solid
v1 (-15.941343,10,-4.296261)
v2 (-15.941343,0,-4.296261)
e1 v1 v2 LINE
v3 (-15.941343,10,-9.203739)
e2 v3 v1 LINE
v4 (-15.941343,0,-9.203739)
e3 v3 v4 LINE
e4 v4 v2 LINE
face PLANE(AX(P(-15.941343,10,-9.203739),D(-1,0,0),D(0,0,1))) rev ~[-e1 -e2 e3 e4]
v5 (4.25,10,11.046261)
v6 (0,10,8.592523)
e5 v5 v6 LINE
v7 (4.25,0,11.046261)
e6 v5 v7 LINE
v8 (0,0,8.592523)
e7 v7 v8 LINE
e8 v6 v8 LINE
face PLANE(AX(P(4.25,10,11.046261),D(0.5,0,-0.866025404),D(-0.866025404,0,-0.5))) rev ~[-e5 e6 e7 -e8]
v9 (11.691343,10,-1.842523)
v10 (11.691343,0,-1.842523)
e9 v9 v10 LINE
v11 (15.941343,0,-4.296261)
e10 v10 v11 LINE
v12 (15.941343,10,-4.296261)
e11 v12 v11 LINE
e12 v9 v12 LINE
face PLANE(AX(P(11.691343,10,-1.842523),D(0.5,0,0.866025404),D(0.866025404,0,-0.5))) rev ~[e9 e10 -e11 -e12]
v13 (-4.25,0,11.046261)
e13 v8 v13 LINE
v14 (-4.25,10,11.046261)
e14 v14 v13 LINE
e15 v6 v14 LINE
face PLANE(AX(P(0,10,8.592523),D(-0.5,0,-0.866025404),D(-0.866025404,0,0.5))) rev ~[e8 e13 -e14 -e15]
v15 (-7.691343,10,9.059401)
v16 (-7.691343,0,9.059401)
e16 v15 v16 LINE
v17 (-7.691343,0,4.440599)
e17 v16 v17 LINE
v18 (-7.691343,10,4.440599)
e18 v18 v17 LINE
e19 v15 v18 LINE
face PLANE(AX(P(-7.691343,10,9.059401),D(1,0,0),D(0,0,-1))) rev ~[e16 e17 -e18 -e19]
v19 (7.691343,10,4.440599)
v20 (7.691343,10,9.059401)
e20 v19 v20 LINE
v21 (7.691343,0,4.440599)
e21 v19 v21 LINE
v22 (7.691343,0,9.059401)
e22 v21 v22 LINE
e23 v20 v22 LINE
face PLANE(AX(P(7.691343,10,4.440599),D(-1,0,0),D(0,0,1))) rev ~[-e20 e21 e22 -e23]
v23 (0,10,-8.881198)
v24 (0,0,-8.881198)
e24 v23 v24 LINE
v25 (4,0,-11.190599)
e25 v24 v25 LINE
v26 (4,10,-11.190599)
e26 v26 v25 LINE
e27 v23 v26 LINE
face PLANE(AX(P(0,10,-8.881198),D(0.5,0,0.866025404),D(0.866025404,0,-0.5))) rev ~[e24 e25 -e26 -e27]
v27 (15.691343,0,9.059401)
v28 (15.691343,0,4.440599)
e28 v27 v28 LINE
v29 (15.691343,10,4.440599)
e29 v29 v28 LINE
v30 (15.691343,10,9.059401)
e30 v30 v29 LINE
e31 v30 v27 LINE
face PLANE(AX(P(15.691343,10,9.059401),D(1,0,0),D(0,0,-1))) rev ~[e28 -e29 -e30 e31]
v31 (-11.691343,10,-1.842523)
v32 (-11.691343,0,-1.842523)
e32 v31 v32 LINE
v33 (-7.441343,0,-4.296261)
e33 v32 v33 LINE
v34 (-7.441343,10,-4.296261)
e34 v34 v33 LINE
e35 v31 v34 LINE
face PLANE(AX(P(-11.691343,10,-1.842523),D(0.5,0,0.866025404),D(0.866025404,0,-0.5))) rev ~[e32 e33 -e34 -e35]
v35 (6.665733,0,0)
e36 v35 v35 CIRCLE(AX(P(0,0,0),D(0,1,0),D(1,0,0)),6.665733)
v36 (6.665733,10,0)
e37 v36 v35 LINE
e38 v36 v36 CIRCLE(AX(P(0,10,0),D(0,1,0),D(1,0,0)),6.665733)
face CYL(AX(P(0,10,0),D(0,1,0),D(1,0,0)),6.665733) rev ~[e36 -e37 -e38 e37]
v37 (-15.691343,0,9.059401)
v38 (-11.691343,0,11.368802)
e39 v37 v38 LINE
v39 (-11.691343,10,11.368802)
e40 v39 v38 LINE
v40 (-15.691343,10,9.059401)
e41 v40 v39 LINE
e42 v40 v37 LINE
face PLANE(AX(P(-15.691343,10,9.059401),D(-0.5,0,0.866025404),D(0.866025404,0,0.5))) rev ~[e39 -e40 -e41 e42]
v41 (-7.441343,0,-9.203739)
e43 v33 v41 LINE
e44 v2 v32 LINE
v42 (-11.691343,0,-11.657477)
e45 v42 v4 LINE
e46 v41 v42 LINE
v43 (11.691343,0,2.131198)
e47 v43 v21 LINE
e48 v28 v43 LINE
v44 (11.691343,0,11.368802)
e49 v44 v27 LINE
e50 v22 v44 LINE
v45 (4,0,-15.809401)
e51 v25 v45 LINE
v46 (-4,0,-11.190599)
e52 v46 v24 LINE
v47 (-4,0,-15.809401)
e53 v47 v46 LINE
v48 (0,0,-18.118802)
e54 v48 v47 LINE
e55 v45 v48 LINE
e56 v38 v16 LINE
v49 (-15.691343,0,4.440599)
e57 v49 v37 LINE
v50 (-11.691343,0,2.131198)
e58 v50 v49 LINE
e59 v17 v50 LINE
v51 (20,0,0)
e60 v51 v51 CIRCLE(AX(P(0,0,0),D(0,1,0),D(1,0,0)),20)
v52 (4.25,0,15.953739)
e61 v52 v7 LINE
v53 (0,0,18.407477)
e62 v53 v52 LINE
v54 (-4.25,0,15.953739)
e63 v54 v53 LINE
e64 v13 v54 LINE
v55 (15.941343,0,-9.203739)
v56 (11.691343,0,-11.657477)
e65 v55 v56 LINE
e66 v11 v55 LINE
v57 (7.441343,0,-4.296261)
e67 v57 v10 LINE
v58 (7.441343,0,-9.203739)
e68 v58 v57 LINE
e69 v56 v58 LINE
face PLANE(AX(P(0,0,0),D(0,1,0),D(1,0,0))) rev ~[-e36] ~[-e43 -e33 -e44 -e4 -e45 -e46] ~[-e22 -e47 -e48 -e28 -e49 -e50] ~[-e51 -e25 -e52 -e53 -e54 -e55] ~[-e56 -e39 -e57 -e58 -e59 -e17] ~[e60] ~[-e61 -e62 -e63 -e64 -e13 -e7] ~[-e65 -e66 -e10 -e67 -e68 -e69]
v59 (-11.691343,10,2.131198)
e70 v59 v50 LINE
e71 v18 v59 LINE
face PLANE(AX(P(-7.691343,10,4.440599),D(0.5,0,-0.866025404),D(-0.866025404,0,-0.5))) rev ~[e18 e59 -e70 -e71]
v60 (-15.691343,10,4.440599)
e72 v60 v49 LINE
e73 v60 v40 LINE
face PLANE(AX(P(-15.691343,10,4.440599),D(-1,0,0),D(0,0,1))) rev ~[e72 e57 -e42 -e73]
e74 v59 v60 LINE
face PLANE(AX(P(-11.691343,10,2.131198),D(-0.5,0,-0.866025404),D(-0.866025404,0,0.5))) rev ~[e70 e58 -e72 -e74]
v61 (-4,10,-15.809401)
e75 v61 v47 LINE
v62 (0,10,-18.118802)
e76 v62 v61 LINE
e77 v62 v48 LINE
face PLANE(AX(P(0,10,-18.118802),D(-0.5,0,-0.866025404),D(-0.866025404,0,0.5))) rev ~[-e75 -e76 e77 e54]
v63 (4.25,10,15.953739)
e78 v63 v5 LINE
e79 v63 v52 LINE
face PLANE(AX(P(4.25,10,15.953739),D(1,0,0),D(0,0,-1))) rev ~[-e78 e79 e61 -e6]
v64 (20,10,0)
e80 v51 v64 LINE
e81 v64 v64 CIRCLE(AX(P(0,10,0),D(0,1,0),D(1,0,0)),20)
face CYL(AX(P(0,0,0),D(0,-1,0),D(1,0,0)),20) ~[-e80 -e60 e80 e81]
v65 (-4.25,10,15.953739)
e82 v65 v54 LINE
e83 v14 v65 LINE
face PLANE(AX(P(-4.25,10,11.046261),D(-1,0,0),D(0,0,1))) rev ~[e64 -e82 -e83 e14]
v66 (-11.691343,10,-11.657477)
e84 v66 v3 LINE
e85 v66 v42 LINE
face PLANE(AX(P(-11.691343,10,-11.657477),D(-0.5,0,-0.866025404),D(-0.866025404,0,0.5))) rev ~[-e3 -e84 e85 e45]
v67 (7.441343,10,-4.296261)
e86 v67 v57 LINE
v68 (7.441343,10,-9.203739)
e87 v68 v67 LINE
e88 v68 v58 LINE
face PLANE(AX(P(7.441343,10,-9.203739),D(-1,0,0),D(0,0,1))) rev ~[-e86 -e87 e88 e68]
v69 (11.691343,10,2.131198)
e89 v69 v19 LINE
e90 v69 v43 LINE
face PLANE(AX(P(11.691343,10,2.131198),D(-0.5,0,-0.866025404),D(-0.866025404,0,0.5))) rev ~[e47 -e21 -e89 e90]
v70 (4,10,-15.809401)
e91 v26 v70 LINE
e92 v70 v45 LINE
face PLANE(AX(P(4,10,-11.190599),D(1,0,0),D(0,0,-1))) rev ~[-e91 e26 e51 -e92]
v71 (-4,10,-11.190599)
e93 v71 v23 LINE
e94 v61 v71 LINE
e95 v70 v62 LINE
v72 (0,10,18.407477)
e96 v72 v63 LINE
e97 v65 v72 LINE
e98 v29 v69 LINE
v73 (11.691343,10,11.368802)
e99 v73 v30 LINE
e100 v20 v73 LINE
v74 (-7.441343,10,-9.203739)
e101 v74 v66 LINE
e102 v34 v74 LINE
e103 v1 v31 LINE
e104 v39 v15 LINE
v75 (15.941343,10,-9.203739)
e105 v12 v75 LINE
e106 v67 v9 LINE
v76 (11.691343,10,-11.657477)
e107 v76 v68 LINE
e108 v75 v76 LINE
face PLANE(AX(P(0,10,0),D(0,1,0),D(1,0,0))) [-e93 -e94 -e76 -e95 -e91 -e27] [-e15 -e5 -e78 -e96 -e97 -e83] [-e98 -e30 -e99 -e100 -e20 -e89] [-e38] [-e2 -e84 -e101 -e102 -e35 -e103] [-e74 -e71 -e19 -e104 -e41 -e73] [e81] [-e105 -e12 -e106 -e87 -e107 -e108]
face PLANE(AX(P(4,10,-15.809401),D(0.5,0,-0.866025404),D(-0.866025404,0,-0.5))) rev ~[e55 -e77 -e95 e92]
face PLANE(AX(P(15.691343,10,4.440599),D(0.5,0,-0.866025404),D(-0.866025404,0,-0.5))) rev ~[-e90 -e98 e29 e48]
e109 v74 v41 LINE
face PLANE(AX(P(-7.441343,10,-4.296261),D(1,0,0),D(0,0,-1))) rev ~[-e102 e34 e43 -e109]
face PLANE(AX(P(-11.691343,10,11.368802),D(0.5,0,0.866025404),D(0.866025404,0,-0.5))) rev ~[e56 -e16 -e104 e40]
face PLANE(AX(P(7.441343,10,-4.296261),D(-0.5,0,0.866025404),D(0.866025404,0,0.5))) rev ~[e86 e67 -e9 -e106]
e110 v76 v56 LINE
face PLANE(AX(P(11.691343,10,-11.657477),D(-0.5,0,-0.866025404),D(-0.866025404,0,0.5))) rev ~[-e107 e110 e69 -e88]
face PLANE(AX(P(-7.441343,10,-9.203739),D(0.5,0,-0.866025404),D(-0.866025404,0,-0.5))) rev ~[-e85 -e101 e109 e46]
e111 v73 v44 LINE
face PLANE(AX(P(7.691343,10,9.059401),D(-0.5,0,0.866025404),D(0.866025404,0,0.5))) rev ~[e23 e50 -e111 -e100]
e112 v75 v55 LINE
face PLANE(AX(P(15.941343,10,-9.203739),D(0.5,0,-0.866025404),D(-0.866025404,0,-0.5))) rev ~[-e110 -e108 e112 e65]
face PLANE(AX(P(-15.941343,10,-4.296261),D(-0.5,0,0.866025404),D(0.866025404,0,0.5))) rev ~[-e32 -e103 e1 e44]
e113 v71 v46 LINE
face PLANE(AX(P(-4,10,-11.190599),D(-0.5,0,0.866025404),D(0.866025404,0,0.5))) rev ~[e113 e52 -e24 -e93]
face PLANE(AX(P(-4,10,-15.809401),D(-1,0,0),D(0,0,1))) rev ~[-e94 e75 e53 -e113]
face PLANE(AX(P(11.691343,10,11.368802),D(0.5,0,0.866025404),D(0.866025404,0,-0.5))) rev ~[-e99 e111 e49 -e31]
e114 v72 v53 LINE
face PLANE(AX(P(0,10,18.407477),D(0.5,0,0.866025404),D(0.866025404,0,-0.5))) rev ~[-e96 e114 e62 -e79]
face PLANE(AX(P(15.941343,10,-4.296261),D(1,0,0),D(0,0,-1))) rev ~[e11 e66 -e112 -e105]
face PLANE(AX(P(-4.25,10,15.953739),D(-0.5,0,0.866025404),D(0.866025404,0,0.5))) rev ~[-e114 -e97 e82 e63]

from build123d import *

# Parameters (mm, degrees)
CROQUIS1_R              = 20
SALIENTE_EXTRUIR1_DEPTH = 10
CORTAR_EXTRUIR1_DEPTH   = 10
CROQUIS3_R              = 6.665733382
CORTAR_EXTRUIR2_DEPTH   = 10
CORTAR_EXTRUIR3_DEPTH   = 10


with BuildPart() as part:
    # Croquis1 → Saliente-Extruir1 (new body)
    with BuildSketch(Plane(origin=(0, 0, 0), x_dir=(1, 0, 0), z_dir=(0, 1, 0))):
        Circle(CROQUIS1_R)
    extrude(amount=SALIENTE_EXTRUIR1_DEPTH)

    # Croquis2 → Cortar-Extruir1 (cut)
    with BuildSketch(Plane(origin=(0, 10, 0), x_dir=(1, 0, 0), z_dir=(0, 1, 0))):
        Polygon((7.691342951, -4.440598923), (7.691342951, -9.059401077), (11.691342951, -11.368802154), (15.691342951, -9.059401077), (15.691342951, -4.440598923), (11.691342951, -2.131197846), align=None)
        Polygon((0, 8.881197846), (4, 11.190598923), (4, 15.809401077), (0, 18.118802154), (-4, 15.809401077), (-4, 11.190598923), align=None)
        Polygon((-7.691342951, -4.440598923), (-11.691342951, -2.131197846), (-15.691342951, -4.440598923), (-15.691342951, -9.059401077), (-11.691342951, -11.368802154), (-7.691342951, -9.059401077), align=None)
    extrude(amount=-CORTAR_EXTRUIR1_DEPTH, mode=Mode.SUBTRACT)

    # Croquis3 → Cortar-Extruir2 (cut)
    with BuildSketch(Plane(origin=(0, 10, 0), x_dir=(1, 0, 0), z_dir=(0, 1, 0))):
        Circle(CROQUIS3_R)
    extrude(amount=-CORTAR_EXTRUIR2_DEPTH, mode=Mode.SUBTRACT)

    # Croquis4 → Cortar-Extruir3 (cut)
    with BuildSketch(Plane(origin=(0, 10, 0), x_dir=(1, 0, 0), z_dir=(0, 1, 0))):
        Polygon((-11.691342951, 11.657477288), (-15.941342951, 9.203738644), (-15.941342951, 4.296261356), (-11.691342951, 1.842522712), (-7.441342951, 4.296261356), (-7.441342951, 9.203738644), align=None)
        Polygon((0, -18.407477288), (4.25, -15.953738644), (4.25, -11.046261356), (0, -8.592522712), (-4.25, -11.046261356), (-4.25, -15.953738644), align=None)
        Polygon((15.941342951, 4.296261356), (15.941342951, 9.203738644), (11.691342951, 11.657477288), (7.441342951, 9.203738644), (7.441342951, 4.296261356), (11.691342951, 1.842522712), align=None)
    extrude(amount=-CORTAR_EXTRUIR3_DEPTH, mode=Mode.SUBTRACT)


solid = part.part
